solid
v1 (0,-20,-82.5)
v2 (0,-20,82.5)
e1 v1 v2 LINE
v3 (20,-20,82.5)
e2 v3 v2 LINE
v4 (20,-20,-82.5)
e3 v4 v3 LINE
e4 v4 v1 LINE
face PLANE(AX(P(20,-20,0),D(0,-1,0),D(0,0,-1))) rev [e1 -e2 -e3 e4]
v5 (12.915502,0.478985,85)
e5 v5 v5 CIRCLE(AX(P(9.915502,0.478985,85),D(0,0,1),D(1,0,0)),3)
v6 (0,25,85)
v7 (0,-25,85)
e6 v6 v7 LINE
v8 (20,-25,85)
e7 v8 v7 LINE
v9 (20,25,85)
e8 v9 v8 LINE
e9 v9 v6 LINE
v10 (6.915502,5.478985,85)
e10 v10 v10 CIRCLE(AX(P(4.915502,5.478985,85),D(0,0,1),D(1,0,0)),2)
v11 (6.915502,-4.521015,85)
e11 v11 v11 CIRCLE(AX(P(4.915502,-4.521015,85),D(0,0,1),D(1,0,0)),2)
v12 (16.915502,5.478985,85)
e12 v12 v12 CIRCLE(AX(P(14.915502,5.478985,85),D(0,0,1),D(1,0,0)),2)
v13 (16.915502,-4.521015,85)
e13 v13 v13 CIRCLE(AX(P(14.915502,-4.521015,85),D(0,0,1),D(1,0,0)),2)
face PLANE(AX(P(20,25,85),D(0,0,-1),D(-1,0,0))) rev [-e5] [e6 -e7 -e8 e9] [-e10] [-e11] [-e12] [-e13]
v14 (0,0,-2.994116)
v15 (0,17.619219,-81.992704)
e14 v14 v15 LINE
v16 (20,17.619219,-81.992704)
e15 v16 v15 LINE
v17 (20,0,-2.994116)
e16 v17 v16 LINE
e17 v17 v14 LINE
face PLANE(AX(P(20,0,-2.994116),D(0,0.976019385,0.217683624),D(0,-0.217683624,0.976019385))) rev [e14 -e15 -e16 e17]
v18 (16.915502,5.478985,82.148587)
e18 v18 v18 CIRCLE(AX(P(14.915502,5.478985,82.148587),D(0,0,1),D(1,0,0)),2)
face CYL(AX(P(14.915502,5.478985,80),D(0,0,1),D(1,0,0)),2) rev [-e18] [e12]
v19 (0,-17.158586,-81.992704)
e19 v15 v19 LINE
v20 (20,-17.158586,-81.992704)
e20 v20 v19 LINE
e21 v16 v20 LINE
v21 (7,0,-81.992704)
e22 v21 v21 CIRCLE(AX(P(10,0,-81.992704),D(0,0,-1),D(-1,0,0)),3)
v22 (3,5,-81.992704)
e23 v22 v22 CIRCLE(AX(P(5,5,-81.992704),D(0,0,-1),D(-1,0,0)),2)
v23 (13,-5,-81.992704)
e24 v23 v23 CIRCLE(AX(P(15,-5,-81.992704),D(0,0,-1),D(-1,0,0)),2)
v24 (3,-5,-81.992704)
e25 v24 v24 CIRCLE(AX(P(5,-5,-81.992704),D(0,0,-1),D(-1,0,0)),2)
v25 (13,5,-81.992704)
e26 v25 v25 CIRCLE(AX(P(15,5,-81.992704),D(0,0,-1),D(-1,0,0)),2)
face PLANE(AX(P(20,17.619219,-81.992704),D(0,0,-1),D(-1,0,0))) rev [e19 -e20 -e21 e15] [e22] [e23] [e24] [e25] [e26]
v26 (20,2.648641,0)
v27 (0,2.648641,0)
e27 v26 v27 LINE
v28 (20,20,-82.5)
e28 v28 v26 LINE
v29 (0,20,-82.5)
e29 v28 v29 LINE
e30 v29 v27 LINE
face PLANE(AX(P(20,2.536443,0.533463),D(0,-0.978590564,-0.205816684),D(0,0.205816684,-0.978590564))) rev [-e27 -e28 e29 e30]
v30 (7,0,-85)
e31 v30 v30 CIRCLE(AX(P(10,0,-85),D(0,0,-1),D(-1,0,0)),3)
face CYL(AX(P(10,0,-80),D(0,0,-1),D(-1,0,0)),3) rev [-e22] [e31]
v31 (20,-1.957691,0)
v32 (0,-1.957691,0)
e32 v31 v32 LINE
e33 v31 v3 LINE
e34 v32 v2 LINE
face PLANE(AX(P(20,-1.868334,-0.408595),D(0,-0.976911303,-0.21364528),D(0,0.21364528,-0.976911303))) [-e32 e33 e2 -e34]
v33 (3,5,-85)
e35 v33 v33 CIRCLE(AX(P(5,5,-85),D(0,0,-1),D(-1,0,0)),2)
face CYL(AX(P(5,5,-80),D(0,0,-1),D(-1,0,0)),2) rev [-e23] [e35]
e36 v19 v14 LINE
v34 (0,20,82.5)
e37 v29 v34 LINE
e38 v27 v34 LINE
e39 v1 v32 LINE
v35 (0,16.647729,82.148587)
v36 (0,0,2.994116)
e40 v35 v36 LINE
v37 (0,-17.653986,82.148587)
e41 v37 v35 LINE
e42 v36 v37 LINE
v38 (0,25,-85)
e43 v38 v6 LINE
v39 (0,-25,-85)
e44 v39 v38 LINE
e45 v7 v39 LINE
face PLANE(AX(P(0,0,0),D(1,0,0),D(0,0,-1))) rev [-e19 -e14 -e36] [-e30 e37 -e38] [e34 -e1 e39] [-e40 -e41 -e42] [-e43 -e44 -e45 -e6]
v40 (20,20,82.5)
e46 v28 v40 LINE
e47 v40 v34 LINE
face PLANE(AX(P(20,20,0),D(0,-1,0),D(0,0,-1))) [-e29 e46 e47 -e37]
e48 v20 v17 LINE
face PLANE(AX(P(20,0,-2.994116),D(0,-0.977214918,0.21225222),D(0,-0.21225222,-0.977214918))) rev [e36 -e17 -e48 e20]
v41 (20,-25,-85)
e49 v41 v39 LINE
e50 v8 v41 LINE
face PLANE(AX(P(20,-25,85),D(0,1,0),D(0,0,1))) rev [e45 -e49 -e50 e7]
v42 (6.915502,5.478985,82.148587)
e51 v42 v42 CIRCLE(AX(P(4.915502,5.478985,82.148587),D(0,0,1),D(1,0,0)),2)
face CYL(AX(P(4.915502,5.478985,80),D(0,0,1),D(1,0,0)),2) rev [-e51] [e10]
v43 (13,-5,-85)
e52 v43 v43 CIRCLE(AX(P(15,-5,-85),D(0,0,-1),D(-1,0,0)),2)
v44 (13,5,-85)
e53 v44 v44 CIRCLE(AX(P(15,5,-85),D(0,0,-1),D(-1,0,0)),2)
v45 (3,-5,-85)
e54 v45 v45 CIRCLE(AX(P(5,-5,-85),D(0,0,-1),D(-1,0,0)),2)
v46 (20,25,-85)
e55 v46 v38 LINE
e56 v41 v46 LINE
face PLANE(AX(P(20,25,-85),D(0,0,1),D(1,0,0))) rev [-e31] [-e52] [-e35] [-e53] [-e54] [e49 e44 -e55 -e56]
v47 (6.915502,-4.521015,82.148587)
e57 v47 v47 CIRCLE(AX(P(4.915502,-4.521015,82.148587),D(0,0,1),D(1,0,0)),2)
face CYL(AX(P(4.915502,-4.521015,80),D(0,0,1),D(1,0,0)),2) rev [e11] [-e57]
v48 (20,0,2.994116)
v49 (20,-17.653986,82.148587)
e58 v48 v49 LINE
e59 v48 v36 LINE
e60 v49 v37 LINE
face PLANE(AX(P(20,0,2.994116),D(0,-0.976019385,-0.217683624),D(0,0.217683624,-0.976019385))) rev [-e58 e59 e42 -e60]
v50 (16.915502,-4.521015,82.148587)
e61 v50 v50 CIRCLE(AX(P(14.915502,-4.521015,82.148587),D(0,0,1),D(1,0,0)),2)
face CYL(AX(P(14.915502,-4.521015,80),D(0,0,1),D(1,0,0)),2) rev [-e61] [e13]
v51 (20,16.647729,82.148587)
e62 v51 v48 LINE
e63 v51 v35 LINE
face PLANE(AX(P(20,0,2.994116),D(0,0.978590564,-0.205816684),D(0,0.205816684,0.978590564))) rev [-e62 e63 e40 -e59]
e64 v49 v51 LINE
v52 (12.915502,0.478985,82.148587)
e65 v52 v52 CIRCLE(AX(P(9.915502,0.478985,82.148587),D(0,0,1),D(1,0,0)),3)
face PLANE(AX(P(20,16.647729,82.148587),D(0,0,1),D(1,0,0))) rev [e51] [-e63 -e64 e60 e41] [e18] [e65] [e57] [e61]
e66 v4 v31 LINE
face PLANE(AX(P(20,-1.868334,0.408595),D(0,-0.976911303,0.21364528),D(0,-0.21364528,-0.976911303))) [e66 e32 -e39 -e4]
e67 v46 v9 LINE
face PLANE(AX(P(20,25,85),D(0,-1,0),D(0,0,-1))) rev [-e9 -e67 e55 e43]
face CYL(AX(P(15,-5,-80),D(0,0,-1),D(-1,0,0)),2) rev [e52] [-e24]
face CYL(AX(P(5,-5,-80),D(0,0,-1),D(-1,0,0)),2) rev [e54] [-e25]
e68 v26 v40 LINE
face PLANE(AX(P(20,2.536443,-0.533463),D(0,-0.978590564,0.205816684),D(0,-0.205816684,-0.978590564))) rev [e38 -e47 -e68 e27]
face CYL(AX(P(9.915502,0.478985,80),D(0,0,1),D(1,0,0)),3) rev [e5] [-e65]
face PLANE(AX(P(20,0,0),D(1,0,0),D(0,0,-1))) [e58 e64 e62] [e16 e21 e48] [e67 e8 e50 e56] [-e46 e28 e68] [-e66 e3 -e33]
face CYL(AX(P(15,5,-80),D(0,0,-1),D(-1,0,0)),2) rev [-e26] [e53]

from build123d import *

# Parameters (mm, degrees)
SKETCH4_W           = 170
SKETCH4_H           = 50
BOSS_EXTRUDE1_DEPTH = 20
CUT_EXTRUDE5_DEPTH  = 20
CUT_EXTRUDE6_DEPTH  = 20
SKETCH7_R           = 3
SKETCH7_R_2         = 2
CUT_EXTRUDE7_DEPTH  = 5
SKETCH8_R           = 3
SKETCH8_R_2         = 2
CUT_EXTRUDE8_DEPTH  = 5


with BuildPart() as part:
    # Sketch4 → Boss-Extrude1 (new body)
    with BuildSketch(Plane(origin=(0, 0, 0), x_dir=(0, 0, -1), z_dir=(1, 0, 0))):
        Rectangle(SKETCH4_W, SKETCH4_H)
    extrude(amount=BOSS_EXTRUDE1_DEPTH)

    # Sketch5 → Cut-Extrude5 (cut)
    with BuildSketch(Plane.ZY):
        Polygon((-82.5, 20), (82.5, 20), (0, 2.648640731), align=None)
        Polygon((0, -1.957690975), (82.5, -20), (-82.5, -20), align=None)
    extrude(amount=-CUT_EXTRUDE5_DEPTH, mode=Mode.SUBTRACT)

    # Sketch6 → Cut-Extrude6 (cut)
    with BuildSketch(Plane.ZY):
        Polygon((-2.994115609, 0), (-81.99270438, 17.619218778), (-81.99270438, -17.158585608), align=None)
        Polygon((2.994115609, 0), (82.148587467, 16.647729441), (82.148587467, -17.653985706), align=None)
    extrude(amount=-CUT_EXTRUDE6_DEPTH, mode=Mode.SUBTRACT)

    # Sketch7 → Cut-Extrude7 (cut)
    with BuildSketch(Plane.XY.offset(85)):
        with Locations((9.915502372, 0.478984513)):
            Circle(SKETCH7_R)
        with Locations((4.915502372, -4.521015487)):
            Circle(SKETCH7_R_2)
        with Locations((14.915502372, -4.521015487)):
            Circle(SKETCH7_R_2)
        with Locations((14.915502372, 5.478984513)):
            Circle(SKETCH7_R_2)
        with Locations((4.915502372, 5.478984513)):
            Circle(SKETCH7_R_2)
    extrude(amount=-CUT_EXTRUDE7_DEPTH, mode=Mode.SUBTRACT)

    # Sketch8 → Cut-Extrude8 (cut)
    with BuildSketch(Plane(origin=(0, 0, -85), x_dir=(-1, 0, 0), z_dir=(0, 0, -1))):
        with Locations((-10, 0)):
            Circle(SKETCH8_R)
        with Locations((-15, 5)):
            Circle(SKETCH8_R_2)
        with Locations((-5, 5)):
            Circle(SKETCH8_R_2)
        with Locations((-5, -5)):
            Circle(SKETCH8_R_2)
        with Locations((-15, -5)):
            Circle(SKETCH8_R_2)
    extrude(amount=-CUT_EXTRUDE8_DEPTH, mode=Mode.SUBTRACT)


solid = part.part
